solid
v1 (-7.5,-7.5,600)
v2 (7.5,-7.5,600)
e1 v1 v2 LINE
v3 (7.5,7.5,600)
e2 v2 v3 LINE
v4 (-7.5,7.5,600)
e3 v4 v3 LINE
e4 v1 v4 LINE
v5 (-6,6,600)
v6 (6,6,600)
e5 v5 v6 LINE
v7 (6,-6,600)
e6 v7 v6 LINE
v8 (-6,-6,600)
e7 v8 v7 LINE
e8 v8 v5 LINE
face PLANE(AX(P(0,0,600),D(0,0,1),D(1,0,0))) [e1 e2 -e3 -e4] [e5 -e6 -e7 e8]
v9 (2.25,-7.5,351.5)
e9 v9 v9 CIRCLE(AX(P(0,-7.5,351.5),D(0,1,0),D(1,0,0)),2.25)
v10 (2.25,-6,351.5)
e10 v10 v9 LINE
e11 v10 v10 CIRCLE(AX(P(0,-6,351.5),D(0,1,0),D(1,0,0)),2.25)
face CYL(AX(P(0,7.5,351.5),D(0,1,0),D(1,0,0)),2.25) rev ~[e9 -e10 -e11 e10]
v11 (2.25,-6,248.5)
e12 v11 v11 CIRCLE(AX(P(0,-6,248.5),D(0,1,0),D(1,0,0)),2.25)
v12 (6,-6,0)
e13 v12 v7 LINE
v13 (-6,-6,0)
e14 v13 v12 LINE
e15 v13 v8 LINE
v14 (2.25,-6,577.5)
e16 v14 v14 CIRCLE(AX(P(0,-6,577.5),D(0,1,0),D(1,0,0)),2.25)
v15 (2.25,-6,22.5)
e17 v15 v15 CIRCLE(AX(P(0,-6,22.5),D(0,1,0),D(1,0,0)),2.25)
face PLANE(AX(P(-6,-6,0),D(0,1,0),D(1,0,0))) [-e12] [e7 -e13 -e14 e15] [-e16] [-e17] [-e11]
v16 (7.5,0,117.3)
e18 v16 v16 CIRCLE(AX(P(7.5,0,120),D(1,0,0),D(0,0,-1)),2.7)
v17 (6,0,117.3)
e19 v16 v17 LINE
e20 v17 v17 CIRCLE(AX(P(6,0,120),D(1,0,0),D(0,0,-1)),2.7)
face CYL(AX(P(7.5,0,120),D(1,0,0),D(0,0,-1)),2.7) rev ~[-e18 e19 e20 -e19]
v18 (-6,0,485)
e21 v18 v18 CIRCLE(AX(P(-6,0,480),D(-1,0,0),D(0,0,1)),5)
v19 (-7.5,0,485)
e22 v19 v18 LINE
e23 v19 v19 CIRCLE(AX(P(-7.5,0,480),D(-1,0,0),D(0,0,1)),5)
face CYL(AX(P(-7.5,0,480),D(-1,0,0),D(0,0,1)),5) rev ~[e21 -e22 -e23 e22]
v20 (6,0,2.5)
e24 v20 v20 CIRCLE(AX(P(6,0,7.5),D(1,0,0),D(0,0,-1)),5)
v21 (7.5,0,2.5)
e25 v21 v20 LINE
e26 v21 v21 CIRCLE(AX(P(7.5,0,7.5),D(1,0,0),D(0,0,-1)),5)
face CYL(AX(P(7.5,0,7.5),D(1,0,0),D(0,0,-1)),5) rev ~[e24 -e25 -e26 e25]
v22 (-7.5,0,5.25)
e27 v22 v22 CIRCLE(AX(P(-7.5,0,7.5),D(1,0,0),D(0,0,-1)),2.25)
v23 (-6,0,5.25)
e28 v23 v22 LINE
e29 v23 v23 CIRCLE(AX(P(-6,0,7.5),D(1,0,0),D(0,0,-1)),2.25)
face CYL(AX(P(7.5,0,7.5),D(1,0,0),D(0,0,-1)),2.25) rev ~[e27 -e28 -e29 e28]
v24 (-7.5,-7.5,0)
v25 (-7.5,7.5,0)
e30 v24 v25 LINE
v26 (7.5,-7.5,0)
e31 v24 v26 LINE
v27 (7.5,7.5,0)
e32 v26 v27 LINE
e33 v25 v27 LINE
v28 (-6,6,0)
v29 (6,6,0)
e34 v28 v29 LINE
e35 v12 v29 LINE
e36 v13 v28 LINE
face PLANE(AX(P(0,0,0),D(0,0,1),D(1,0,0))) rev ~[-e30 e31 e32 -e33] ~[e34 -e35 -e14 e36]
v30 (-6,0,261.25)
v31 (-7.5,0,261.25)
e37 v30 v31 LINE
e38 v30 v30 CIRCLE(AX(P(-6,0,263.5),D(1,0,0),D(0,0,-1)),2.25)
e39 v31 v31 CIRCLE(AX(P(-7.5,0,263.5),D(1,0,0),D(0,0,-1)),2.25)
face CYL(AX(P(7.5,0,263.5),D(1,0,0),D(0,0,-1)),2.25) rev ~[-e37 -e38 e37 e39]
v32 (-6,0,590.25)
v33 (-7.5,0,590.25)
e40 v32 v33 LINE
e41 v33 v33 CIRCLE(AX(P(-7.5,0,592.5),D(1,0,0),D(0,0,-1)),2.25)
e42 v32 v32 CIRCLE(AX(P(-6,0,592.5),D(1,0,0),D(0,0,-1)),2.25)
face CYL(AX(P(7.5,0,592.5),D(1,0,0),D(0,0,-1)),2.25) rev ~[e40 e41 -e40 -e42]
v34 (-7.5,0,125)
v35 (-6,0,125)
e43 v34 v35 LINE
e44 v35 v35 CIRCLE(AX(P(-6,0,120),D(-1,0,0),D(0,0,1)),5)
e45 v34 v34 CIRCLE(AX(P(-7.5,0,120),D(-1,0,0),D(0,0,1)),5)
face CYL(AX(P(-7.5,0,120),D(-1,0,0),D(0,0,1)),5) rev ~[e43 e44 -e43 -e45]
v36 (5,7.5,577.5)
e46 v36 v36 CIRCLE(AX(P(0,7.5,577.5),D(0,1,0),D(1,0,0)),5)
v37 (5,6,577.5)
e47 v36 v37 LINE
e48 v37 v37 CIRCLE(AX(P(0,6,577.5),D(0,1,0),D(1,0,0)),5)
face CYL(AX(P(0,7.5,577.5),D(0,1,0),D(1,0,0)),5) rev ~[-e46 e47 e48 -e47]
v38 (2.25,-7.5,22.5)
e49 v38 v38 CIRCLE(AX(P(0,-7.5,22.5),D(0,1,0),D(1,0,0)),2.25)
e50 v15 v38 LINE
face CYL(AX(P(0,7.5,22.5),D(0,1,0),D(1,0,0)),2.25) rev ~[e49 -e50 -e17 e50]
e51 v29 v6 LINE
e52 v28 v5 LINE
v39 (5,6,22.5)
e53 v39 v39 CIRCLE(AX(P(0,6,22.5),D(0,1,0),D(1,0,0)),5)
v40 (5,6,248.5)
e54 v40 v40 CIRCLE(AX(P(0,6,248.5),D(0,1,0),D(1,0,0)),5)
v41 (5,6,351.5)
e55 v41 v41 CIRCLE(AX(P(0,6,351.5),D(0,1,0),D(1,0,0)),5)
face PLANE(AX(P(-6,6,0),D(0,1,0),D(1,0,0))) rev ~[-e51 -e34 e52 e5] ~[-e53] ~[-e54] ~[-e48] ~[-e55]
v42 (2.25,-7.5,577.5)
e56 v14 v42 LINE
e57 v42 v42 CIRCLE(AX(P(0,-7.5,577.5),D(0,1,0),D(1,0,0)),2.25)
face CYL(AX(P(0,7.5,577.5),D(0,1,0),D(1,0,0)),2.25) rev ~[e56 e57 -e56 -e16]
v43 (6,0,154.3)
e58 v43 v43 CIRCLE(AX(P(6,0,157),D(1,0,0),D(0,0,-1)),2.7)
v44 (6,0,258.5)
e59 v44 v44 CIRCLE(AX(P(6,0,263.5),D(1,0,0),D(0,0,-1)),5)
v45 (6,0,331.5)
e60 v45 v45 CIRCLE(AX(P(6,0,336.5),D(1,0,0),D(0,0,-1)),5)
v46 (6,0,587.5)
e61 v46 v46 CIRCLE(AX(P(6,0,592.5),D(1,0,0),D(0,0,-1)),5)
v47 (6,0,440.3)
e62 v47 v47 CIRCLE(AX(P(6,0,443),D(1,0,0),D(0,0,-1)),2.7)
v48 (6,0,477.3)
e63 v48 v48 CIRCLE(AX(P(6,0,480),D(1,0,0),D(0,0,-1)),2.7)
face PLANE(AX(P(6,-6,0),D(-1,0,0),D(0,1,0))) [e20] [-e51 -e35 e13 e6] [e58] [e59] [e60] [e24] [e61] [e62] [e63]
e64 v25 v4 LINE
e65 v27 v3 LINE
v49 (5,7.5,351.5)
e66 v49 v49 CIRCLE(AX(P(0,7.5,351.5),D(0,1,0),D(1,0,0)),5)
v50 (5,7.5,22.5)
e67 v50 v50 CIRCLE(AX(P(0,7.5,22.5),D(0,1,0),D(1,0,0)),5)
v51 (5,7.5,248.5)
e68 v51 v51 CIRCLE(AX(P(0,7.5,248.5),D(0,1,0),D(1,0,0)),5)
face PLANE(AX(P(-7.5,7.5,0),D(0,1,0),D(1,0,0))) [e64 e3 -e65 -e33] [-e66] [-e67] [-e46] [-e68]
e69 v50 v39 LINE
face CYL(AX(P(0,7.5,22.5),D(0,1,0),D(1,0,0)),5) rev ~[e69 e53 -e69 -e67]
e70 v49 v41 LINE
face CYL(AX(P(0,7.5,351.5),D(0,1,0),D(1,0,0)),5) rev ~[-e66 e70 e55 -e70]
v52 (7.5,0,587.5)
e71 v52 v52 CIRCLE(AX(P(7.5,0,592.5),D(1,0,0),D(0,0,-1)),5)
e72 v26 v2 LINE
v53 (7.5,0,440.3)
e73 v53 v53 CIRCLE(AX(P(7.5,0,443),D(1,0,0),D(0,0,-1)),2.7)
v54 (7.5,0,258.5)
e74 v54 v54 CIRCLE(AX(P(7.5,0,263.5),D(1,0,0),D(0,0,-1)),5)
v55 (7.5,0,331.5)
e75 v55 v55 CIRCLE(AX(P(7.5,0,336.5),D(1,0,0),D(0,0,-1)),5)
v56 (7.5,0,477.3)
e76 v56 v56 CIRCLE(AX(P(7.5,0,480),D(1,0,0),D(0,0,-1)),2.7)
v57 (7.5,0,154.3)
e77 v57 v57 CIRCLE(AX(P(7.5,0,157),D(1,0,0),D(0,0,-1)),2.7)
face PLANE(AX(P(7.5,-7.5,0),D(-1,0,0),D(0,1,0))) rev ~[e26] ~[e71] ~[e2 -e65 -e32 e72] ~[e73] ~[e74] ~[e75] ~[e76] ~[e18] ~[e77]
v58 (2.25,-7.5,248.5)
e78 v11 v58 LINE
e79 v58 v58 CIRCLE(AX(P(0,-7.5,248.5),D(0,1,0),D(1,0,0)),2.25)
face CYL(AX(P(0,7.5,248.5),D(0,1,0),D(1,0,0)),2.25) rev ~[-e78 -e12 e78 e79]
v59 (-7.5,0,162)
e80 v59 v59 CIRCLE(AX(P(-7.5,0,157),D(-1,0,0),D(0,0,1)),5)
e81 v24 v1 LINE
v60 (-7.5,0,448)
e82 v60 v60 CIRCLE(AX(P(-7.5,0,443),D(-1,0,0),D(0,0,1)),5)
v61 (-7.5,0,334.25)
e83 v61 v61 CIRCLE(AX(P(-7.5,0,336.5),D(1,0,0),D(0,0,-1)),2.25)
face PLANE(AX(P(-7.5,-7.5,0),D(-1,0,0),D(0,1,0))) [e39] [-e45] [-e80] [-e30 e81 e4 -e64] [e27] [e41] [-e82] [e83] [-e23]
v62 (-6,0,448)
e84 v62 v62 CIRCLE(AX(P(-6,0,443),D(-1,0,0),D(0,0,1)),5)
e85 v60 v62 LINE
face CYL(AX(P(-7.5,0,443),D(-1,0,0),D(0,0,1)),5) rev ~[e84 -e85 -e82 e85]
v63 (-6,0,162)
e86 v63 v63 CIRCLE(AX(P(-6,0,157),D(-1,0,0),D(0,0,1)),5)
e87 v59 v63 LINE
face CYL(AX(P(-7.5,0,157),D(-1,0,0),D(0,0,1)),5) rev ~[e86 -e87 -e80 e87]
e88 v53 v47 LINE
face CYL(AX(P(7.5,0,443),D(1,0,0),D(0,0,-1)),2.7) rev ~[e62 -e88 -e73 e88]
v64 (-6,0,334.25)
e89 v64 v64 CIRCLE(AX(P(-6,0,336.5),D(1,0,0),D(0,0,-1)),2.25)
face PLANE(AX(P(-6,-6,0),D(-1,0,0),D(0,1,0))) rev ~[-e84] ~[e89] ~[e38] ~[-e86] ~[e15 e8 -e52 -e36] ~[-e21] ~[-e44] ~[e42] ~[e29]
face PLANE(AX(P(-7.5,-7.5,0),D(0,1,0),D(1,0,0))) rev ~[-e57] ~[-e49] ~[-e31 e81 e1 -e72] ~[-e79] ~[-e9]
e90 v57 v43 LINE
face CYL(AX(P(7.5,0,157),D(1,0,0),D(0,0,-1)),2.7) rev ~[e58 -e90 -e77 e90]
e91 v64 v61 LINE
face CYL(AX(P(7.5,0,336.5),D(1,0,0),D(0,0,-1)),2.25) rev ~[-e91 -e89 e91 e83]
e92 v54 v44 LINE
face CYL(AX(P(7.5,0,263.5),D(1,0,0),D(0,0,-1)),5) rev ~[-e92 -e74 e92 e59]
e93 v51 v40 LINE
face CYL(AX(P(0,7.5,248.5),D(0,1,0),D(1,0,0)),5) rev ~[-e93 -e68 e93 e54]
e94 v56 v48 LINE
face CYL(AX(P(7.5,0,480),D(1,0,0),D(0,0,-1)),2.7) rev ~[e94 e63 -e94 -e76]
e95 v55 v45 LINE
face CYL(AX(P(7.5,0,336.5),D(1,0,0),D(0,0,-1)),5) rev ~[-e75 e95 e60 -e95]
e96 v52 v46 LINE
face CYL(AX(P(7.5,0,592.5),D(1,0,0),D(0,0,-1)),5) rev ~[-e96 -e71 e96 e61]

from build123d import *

# Parameters (mm, degrees)
SKETCH_1_W          = 15
SKETCH_1_H          = 15
SKETCH_1_W_2        = 12
SKETCH_1_H_2        = 12
EXTRUDE_1_DEPTH     = 600
SKETCH_2_R          = 2.25
CUT_EXTRUDE_1_DEPTH = 25
SKETCH_3_R          = 2.25
CUT_EXTRUDE_2_DEPTH = 25
SKETCH_4_R          = 5
CUT_EXTRUDE_3_DEPTH = 10
SKETCH_5_R          = 5
CUT_EXTRUDE_4_DEPTH = 10
SKETCH_6_R          = 2.7
CUT_EXTRUDE_5_DEPTH = 20
SKETCH_7_R          = 5
CUT_EXTRUDE_6_DEPTH = 3


with BuildPart() as part:
    # ｽｹｯﾁ1 → ﾎﾞｽ - 押し出し1 (new body)
    with BuildSketch(Plane.XY):
        Rectangle(SKETCH_1_W, SKETCH_1_H)
        Rectangle(SKETCH_1_W_2, SKETCH_1_H_2, mode=Mode.SUBTRACT)
    extrude(amount=EXTRUDE_1_DEPTH)

    # ｽｹｯﾁ2 → ｶｯﾄ - 押し出し1 (cut)
    with BuildSketch(Plane(origin=(7.5, 0, 0), x_dir=(0, 0, -1), z_dir=(1, 0, 0))):
        with Locations((-592.5, 0)):
            Circle(SKETCH_2_R)
        with Locations((-7.5, 0)):
            Circle(SKETCH_2_R)
        with Locations((-336.5, 0)):
            Circle(SKETCH_2_R)
        with Locations((-263.5, 0)):
            Circle(SKETCH_2_R)
    extrude(amount=-CUT_EXTRUDE_1_DEPTH, mode=Mode.SUBTRACT)

    # ｽｹｯﾁ3 → ｶｯﾄ - 押し出し2 (cut)
    with BuildSketch(Plane(origin=(0, 7.5, 0), x_dir=(1, 0, 0), z_dir=(0, 1, 0))):
        with Locations((0, -22.5)):
            Circle(SKETCH_3_R)
        with Locations((0, -577.5)):
            Circle(SKETCH_3_R)
        with Locations((0, -351.5)):
            Circle(SKETCH_3_R)
        with Locations((0, -248.5)):
            Circle(SKETCH_3_R)
    extrude(amount=-CUT_EXTRUDE_2_DEPTH, mode=Mode.SUBTRACT)

    # ｽｹｯﾁ4 → ｶｯﾄ - 押し出し3 (cut)
    with BuildSketch(Plane(origin=(0, 7.5, 0), x_dir=(1, 0, 0), z_dir=(0, 1, 0))):
        with Locations((0, -577.5)):
            Circle(SKETCH_4_R)
        with Locations((0, -351.5)):
            Circle(SKETCH_4_R)
        with Locations((0, -248.5)):
            Circle(SKETCH_4_R)
        with Locations((0, -22.5)):
            Circle(SKETCH_4_R)
    extrude(amount=-CUT_EXTRUDE_3_DEPTH, mode=Mode.SUBTRACT)

    # ｽｹｯﾁ5 → ｶｯﾄ - 押し出し4 (cut)
    with BuildSketch(Plane(origin=(7.5, 0, 0), x_dir=(0, 0, -1), z_dir=(1, 0, 0))):
        with Locations((-592.5, 0)):
            Circle(SKETCH_5_R)
        with Locations((-336.5, 0)):
            Circle(SKETCH_5_R)
        with Locations((-263.5, 0)):
            Circle(SKETCH_5_R)
        with Locations((-7.5, 0)):
            Circle(SKETCH_5_R)
    extrude(amount=-CUT_EXTRUDE_4_DEPTH, mode=Mode.SUBTRACT)

    # ｽｹｯﾁ6 → ｶｯﾄ - 押し出し5 (cut)
    with BuildSketch(Plane(origin=(7.5, 0, 0), x_dir=(0, 0, -1), z_dir=(1, 0, 0))):
        with Locations((-480, 0)):
            Circle(SKETCH_6_R)
        with Locations((-443, 0)):
            Circle(SKETCH_6_R)
        with Locations((-157, 0)):
            Circle(SKETCH_6_R)
        with Locations((-120, 0)):
            Circle(SKETCH_6_R)
    extrude(amount=-CUT_EXTRUDE_5_DEPTH, mode=Mode.SUBTRACT)

    # ｽｹｯﾁ7 → ｶｯﾄ - 押し出し6 (cut)
    with BuildSketch(Plane.ZY.offset(7.5)):
        with Locations((120, 0)):
            Circle(SKETCH_7_R)
        with Locations((157, 0)):
            Circle(SKETCH_7_R)
        with Locations((443, 0)):
            Circle(SKETCH_7_R)
        with Locations((480, 0)):
            Circle(SKETCH_7_R)
    extrude(amount=-CUT_EXTRUDE_6_DEPTH, mode=Mode.SUBTRACT)


solid = part.part
